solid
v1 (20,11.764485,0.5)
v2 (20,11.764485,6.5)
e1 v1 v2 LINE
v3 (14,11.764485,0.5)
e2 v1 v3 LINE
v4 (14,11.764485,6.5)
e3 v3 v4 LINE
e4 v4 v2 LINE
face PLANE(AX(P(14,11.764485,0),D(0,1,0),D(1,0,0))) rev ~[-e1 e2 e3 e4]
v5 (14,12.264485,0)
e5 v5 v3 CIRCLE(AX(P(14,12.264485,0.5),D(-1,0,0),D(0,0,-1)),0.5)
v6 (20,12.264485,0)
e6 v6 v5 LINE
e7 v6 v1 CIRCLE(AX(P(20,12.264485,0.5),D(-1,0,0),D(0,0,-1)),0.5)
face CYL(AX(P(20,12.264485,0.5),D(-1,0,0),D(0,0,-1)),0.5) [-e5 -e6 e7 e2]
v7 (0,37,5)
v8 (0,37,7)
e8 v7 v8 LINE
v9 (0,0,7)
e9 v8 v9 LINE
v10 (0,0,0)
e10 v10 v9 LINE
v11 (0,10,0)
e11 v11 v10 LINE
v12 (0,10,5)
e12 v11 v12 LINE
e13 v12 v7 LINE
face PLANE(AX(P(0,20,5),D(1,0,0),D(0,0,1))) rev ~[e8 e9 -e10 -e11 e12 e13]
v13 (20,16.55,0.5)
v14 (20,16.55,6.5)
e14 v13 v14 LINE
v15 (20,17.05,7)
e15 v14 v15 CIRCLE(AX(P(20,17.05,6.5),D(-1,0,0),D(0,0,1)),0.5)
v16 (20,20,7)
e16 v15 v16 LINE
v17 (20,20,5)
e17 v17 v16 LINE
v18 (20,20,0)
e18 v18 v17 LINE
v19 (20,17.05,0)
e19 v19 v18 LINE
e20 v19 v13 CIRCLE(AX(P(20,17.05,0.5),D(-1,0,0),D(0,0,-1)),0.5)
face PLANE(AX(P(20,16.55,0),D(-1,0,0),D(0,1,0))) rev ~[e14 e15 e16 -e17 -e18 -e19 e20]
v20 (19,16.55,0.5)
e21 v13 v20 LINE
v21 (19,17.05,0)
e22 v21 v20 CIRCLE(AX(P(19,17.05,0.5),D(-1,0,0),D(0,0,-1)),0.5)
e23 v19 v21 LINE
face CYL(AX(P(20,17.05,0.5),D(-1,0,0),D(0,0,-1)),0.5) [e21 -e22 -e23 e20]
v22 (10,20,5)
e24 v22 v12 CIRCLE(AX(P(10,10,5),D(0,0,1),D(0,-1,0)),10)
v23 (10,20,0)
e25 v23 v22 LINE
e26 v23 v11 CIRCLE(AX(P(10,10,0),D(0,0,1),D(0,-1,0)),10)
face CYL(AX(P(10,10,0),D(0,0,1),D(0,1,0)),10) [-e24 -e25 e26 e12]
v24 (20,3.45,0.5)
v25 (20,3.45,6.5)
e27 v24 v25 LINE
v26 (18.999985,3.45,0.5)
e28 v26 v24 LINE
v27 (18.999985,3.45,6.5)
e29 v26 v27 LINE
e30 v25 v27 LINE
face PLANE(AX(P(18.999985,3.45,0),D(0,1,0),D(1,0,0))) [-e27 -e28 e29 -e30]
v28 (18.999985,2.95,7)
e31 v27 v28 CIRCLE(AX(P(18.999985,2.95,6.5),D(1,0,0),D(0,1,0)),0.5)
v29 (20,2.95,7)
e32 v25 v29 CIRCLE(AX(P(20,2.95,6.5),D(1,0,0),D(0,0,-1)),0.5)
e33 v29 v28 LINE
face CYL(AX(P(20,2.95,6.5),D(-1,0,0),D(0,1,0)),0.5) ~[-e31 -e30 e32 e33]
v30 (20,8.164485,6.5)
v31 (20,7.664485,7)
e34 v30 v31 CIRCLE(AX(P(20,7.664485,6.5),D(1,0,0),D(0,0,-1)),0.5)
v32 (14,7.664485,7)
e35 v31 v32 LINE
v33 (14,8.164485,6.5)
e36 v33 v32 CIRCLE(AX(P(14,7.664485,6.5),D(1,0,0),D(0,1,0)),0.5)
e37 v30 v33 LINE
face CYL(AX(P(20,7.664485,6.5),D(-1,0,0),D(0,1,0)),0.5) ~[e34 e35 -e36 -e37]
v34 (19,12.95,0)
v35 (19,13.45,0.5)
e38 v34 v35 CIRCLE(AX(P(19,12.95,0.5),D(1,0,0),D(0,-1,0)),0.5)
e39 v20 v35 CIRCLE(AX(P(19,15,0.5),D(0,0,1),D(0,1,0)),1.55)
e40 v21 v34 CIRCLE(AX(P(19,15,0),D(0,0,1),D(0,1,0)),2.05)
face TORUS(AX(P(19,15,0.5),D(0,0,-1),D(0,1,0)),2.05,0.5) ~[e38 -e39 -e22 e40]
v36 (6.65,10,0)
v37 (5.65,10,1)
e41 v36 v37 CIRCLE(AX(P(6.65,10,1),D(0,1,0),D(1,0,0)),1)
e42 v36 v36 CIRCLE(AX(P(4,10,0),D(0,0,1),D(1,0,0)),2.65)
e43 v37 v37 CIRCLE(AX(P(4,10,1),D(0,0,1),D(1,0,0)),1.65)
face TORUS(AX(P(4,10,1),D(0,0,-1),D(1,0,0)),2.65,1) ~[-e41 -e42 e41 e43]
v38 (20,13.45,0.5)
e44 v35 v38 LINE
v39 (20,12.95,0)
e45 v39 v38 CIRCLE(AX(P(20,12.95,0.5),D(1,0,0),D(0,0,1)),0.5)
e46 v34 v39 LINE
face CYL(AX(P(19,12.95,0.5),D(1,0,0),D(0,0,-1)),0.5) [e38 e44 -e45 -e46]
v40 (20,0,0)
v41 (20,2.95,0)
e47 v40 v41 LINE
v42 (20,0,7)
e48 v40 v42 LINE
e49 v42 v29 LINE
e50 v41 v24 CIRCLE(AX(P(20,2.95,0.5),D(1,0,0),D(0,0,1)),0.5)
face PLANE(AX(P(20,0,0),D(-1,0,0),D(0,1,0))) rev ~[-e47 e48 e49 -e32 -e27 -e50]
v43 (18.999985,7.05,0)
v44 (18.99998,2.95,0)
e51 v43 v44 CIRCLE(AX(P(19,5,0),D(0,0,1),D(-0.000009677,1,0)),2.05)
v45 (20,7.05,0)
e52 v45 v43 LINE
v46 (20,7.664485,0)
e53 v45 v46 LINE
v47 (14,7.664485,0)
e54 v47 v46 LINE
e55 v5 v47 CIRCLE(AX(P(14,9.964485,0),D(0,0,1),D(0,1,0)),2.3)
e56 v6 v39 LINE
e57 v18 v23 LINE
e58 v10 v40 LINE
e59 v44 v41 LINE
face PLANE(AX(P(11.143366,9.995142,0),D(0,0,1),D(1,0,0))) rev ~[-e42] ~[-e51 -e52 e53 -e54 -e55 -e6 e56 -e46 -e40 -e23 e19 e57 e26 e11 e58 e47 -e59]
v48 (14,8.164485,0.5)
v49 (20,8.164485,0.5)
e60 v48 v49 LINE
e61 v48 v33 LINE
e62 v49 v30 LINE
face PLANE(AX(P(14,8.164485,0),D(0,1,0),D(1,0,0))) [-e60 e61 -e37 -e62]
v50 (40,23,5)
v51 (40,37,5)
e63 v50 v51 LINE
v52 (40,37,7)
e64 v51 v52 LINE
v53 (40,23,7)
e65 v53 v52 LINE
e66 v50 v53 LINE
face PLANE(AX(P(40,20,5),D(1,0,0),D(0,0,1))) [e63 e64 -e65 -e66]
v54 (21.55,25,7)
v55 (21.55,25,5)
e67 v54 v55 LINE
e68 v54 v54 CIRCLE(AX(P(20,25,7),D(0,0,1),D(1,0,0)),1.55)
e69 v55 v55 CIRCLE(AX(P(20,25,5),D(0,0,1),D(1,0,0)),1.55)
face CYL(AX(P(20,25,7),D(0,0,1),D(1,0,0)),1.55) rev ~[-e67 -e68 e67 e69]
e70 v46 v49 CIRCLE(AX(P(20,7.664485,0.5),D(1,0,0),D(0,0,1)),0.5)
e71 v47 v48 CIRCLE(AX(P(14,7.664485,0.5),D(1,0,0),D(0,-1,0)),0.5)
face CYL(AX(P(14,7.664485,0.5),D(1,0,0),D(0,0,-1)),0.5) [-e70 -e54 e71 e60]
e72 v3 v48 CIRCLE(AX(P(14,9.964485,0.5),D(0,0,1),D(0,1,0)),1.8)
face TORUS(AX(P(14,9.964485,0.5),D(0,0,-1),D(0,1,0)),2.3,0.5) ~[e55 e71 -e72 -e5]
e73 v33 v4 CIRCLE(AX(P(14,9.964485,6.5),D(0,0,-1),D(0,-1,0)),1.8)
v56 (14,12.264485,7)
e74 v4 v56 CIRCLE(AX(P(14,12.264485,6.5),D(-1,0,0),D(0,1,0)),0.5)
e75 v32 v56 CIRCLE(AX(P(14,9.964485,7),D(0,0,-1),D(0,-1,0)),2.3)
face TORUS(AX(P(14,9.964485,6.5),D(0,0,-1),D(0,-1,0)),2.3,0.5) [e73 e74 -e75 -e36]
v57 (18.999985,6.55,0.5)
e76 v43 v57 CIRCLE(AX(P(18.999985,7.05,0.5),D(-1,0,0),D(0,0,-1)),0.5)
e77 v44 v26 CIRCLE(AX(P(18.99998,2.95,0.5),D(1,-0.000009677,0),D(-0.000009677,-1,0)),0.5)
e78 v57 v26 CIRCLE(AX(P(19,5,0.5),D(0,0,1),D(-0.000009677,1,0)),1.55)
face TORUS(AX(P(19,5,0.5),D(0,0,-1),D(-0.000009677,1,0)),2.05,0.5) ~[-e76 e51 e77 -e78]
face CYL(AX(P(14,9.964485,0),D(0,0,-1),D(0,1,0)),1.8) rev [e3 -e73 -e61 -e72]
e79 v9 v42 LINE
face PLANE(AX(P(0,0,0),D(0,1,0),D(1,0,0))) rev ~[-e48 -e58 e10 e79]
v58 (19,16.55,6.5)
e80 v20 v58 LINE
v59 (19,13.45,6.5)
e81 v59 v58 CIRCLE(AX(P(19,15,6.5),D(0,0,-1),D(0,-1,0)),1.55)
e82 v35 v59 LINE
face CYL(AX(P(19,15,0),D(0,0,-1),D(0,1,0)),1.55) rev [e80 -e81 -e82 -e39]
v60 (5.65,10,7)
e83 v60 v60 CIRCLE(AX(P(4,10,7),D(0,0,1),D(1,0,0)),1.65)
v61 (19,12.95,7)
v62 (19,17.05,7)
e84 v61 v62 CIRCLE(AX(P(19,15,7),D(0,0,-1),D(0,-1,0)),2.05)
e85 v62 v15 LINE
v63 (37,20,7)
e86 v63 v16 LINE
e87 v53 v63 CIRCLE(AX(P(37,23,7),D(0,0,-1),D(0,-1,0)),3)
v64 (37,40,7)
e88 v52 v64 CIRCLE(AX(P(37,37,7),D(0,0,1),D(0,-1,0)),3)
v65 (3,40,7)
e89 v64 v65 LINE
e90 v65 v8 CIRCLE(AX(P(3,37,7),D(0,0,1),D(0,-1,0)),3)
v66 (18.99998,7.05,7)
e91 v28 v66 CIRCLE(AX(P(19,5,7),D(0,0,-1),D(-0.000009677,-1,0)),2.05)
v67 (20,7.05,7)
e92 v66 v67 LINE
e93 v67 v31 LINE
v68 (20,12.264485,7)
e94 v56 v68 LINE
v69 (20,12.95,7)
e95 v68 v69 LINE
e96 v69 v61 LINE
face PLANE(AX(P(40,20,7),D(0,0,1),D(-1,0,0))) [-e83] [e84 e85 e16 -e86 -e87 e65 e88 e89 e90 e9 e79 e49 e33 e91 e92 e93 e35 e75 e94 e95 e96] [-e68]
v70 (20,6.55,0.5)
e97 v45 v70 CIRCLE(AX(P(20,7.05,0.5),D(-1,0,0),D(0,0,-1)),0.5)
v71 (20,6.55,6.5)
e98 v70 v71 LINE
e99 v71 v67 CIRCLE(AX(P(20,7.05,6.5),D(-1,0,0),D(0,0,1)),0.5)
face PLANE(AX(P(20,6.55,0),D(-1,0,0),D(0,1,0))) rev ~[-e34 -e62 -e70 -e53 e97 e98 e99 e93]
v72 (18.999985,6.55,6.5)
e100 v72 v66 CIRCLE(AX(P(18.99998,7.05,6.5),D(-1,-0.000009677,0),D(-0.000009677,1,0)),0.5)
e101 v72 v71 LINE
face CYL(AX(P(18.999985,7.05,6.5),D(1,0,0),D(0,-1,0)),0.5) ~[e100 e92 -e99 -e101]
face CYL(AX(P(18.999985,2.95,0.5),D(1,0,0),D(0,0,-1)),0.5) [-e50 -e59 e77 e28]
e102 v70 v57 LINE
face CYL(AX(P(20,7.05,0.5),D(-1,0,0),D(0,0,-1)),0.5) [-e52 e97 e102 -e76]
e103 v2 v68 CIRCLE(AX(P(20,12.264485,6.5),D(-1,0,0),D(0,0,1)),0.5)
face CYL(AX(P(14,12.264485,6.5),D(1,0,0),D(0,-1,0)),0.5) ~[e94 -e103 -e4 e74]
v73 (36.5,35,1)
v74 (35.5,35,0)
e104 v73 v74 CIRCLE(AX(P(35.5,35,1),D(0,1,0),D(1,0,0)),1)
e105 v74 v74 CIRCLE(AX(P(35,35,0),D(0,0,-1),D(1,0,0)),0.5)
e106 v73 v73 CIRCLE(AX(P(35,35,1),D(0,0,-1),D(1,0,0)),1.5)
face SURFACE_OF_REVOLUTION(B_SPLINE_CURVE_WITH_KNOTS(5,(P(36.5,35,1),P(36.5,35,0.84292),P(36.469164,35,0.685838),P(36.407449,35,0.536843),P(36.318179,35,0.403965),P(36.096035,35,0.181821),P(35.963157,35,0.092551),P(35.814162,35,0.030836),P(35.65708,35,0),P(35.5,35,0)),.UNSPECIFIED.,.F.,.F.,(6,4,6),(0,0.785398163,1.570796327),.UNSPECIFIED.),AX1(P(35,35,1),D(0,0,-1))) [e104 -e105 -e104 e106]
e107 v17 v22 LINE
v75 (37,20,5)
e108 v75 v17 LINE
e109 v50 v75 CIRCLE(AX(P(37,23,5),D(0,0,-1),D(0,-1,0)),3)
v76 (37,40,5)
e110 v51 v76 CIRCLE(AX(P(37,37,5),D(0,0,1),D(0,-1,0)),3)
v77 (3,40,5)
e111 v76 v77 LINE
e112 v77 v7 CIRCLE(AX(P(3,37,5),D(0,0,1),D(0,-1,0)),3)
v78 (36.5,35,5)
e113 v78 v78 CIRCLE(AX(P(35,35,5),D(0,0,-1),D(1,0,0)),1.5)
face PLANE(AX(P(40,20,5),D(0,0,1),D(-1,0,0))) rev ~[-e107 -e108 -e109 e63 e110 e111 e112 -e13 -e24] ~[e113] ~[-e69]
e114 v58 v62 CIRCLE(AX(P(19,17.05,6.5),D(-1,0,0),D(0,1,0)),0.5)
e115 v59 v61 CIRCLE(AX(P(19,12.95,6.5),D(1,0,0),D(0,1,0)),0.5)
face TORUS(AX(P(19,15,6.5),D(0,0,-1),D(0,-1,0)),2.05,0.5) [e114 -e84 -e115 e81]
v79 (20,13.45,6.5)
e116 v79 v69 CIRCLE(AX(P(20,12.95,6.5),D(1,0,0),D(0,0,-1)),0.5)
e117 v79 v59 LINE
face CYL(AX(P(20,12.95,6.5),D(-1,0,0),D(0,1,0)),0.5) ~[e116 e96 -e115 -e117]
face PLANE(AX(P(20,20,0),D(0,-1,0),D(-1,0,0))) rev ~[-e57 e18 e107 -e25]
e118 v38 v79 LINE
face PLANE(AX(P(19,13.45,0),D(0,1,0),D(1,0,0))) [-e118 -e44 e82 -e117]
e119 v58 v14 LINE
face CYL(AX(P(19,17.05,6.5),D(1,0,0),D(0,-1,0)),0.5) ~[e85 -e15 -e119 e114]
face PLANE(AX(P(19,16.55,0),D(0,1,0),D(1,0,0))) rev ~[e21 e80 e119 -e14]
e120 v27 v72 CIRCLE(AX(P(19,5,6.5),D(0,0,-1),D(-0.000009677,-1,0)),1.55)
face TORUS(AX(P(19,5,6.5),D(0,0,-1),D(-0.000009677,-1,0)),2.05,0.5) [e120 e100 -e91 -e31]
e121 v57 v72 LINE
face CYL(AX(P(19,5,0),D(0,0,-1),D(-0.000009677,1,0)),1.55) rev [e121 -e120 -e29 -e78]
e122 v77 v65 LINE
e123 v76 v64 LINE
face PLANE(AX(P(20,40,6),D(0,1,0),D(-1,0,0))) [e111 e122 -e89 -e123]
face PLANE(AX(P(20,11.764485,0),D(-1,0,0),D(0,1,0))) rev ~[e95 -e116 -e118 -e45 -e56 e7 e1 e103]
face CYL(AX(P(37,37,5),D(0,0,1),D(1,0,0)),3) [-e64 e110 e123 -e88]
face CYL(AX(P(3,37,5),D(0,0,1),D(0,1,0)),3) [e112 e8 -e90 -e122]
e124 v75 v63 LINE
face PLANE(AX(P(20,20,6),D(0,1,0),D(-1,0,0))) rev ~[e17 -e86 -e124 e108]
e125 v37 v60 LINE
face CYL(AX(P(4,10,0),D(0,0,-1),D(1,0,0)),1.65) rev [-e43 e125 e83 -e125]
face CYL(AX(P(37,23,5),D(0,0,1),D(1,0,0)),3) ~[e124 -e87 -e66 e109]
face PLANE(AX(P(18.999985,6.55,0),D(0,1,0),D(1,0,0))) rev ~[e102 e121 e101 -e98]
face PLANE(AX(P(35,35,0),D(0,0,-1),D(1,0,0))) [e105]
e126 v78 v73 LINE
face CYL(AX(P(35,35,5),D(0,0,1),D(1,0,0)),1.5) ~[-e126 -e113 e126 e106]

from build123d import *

# Parameters (mm, degrees)
SKETCH_R     = 1.65
PAD_DEPTH    = 7
SKETCH001_W  = 40
SKETCH001_H  = 2
PAD001_DEPTH = 20
FILLET_R     = 3
FILLET001_R  = 10
SKETCH002_R  = 1.55
POCKET_DEPTH = 5
SKETCH003_R  = 1.5
PAD002_DEPTH = 5
FILLET002_R  = 1
FILLET003_R  = 1
FILLET004_R  = 0.5


with BuildPart() as part:
    # Sketch → Pad (new body)
    with BuildSketch(Plane.XY):
        with BuildLine():
            Line((0, 0), (20, 0))
            Line((20, 0), (20, 3.45))
            Line((18.999985, 3.45), (20, 3.45))
            ThreePointArc((18.999985, 6.55), (17.45, 5), (18.999985, 3.45))
            Line((18.999985, 6.55), (20, 6.55))
            Line((20, 6.55), (20, 8.164485))
            Line((14, 8.164485), (20, 8.164485))
            ThreePointArc((14, 11.764485), (12.2, 9.964485), (14, 8.164485))
            Line((14, 11.764485), (20, 11.764485))
            Line((20, 11.764485), (20, 13.45))
            Line((19, 13.45), (20, 13.45))
            ThreePointArc((19, 16.55), (17.45, 15), (19, 13.45))
            Line((19, 16.55), (20, 16.55))
            Line((20, 16.55), (20, 20))
            Line((20, 20), (0, 20))
            Line((0, 20), (0, 0))
        make_face()
        with Locations((4, 10)):
            Circle(SKETCH_R, mode=Mode.SUBTRACT)
    extrude(amount=PAD_DEPTH)

    # Sketch001 → Pad001 (new body)
    with BuildSketch(Plane(origin=(0, 20, 0), x_dir=(-1, 0, 0), z_dir=(0, 1, 0))):
        with Locations((-20, 6)):
            Rectangle(SKETCH001_W, SKETCH001_H)
    extrude(amount=PAD001_DEPTH)

    # Fillet
    fillet_edges = [part.edges().sort_by_distance(p)[0] for p in [
        (40, 20, 6),
        (40, 40, 6),
        (0, 40, 6),
    ]]
    fillet(fillet_edges, radius=FILLET_R)

    # Fillet001
    fillet001_edges = [part.edges().sort_by_distance(p)[0] for p in [
        (0, 20, 2.5),
    ]]
    fillet(fillet001_edges, radius=FILLET001_R)

    # Sketch002 → Pocket (cut)
    with BuildSketch(Plane.XY.offset(7)):
        with Locations((20, 25)):
            Circle(SKETCH002_R)
    extrude(amount=-POCKET_DEPTH, mode=Mode.SUBTRACT)

    # Sketch003 → Pad002 (new body)
    with BuildSketch(Plane(origin=(0, 0, 5), x_dir=(1, 0, 0), z_dir=(0, 0, -1))):
        with Locations((35, -35)):
            Circle(SKETCH003_R)
    extrude(amount=PAD002_DEPTH)

    # Fillet002
    fillet002_edges = [part.edges().sort_by_distance(p)[0] for p in [
        (33.5, 35, 0),
    ]]
    fillet(fillet002_edges, radius=FILLET002_R)

    # Fillet003
    fillet003_edges = [part.edges().sort_by_distance(p)[0] for p in [
        (2.35, 10, 0),
    ]]
    fillet(fillet003_edges, radius=FILLET003_R)

    # Fillet004
    fillet004_edges = [part.edges().sort_by_distance(p)[0] for p in [
        (17.45, 5, 0),
        (19.499993, 3.45, 0),
        (19.499993, 6.55, 0),
        (17, 8.164485, 0),
        (12.2, 9.964485, 0),
        (17, 11.764485, 0),
        (19.5, 13.45, 0),
        (17.45, 15, 0),
        (19.5, 16.55, 0),
        (19.5, 16.55, 7),
        (17.45, 15, 7),
        (19.5, 13.45, 7),
        (17, 11.764485, 7),
        (12.2, 9.964485, 7),
        (17, 8.164485, 7),
        (19.499993, 6.55, 7),
        (17.45, 5, 7),
        (19.499993, 3.45, 7),
    ]]
    fillet(fillet004_edges, radius=FILLET004_R)


solid = part.part
